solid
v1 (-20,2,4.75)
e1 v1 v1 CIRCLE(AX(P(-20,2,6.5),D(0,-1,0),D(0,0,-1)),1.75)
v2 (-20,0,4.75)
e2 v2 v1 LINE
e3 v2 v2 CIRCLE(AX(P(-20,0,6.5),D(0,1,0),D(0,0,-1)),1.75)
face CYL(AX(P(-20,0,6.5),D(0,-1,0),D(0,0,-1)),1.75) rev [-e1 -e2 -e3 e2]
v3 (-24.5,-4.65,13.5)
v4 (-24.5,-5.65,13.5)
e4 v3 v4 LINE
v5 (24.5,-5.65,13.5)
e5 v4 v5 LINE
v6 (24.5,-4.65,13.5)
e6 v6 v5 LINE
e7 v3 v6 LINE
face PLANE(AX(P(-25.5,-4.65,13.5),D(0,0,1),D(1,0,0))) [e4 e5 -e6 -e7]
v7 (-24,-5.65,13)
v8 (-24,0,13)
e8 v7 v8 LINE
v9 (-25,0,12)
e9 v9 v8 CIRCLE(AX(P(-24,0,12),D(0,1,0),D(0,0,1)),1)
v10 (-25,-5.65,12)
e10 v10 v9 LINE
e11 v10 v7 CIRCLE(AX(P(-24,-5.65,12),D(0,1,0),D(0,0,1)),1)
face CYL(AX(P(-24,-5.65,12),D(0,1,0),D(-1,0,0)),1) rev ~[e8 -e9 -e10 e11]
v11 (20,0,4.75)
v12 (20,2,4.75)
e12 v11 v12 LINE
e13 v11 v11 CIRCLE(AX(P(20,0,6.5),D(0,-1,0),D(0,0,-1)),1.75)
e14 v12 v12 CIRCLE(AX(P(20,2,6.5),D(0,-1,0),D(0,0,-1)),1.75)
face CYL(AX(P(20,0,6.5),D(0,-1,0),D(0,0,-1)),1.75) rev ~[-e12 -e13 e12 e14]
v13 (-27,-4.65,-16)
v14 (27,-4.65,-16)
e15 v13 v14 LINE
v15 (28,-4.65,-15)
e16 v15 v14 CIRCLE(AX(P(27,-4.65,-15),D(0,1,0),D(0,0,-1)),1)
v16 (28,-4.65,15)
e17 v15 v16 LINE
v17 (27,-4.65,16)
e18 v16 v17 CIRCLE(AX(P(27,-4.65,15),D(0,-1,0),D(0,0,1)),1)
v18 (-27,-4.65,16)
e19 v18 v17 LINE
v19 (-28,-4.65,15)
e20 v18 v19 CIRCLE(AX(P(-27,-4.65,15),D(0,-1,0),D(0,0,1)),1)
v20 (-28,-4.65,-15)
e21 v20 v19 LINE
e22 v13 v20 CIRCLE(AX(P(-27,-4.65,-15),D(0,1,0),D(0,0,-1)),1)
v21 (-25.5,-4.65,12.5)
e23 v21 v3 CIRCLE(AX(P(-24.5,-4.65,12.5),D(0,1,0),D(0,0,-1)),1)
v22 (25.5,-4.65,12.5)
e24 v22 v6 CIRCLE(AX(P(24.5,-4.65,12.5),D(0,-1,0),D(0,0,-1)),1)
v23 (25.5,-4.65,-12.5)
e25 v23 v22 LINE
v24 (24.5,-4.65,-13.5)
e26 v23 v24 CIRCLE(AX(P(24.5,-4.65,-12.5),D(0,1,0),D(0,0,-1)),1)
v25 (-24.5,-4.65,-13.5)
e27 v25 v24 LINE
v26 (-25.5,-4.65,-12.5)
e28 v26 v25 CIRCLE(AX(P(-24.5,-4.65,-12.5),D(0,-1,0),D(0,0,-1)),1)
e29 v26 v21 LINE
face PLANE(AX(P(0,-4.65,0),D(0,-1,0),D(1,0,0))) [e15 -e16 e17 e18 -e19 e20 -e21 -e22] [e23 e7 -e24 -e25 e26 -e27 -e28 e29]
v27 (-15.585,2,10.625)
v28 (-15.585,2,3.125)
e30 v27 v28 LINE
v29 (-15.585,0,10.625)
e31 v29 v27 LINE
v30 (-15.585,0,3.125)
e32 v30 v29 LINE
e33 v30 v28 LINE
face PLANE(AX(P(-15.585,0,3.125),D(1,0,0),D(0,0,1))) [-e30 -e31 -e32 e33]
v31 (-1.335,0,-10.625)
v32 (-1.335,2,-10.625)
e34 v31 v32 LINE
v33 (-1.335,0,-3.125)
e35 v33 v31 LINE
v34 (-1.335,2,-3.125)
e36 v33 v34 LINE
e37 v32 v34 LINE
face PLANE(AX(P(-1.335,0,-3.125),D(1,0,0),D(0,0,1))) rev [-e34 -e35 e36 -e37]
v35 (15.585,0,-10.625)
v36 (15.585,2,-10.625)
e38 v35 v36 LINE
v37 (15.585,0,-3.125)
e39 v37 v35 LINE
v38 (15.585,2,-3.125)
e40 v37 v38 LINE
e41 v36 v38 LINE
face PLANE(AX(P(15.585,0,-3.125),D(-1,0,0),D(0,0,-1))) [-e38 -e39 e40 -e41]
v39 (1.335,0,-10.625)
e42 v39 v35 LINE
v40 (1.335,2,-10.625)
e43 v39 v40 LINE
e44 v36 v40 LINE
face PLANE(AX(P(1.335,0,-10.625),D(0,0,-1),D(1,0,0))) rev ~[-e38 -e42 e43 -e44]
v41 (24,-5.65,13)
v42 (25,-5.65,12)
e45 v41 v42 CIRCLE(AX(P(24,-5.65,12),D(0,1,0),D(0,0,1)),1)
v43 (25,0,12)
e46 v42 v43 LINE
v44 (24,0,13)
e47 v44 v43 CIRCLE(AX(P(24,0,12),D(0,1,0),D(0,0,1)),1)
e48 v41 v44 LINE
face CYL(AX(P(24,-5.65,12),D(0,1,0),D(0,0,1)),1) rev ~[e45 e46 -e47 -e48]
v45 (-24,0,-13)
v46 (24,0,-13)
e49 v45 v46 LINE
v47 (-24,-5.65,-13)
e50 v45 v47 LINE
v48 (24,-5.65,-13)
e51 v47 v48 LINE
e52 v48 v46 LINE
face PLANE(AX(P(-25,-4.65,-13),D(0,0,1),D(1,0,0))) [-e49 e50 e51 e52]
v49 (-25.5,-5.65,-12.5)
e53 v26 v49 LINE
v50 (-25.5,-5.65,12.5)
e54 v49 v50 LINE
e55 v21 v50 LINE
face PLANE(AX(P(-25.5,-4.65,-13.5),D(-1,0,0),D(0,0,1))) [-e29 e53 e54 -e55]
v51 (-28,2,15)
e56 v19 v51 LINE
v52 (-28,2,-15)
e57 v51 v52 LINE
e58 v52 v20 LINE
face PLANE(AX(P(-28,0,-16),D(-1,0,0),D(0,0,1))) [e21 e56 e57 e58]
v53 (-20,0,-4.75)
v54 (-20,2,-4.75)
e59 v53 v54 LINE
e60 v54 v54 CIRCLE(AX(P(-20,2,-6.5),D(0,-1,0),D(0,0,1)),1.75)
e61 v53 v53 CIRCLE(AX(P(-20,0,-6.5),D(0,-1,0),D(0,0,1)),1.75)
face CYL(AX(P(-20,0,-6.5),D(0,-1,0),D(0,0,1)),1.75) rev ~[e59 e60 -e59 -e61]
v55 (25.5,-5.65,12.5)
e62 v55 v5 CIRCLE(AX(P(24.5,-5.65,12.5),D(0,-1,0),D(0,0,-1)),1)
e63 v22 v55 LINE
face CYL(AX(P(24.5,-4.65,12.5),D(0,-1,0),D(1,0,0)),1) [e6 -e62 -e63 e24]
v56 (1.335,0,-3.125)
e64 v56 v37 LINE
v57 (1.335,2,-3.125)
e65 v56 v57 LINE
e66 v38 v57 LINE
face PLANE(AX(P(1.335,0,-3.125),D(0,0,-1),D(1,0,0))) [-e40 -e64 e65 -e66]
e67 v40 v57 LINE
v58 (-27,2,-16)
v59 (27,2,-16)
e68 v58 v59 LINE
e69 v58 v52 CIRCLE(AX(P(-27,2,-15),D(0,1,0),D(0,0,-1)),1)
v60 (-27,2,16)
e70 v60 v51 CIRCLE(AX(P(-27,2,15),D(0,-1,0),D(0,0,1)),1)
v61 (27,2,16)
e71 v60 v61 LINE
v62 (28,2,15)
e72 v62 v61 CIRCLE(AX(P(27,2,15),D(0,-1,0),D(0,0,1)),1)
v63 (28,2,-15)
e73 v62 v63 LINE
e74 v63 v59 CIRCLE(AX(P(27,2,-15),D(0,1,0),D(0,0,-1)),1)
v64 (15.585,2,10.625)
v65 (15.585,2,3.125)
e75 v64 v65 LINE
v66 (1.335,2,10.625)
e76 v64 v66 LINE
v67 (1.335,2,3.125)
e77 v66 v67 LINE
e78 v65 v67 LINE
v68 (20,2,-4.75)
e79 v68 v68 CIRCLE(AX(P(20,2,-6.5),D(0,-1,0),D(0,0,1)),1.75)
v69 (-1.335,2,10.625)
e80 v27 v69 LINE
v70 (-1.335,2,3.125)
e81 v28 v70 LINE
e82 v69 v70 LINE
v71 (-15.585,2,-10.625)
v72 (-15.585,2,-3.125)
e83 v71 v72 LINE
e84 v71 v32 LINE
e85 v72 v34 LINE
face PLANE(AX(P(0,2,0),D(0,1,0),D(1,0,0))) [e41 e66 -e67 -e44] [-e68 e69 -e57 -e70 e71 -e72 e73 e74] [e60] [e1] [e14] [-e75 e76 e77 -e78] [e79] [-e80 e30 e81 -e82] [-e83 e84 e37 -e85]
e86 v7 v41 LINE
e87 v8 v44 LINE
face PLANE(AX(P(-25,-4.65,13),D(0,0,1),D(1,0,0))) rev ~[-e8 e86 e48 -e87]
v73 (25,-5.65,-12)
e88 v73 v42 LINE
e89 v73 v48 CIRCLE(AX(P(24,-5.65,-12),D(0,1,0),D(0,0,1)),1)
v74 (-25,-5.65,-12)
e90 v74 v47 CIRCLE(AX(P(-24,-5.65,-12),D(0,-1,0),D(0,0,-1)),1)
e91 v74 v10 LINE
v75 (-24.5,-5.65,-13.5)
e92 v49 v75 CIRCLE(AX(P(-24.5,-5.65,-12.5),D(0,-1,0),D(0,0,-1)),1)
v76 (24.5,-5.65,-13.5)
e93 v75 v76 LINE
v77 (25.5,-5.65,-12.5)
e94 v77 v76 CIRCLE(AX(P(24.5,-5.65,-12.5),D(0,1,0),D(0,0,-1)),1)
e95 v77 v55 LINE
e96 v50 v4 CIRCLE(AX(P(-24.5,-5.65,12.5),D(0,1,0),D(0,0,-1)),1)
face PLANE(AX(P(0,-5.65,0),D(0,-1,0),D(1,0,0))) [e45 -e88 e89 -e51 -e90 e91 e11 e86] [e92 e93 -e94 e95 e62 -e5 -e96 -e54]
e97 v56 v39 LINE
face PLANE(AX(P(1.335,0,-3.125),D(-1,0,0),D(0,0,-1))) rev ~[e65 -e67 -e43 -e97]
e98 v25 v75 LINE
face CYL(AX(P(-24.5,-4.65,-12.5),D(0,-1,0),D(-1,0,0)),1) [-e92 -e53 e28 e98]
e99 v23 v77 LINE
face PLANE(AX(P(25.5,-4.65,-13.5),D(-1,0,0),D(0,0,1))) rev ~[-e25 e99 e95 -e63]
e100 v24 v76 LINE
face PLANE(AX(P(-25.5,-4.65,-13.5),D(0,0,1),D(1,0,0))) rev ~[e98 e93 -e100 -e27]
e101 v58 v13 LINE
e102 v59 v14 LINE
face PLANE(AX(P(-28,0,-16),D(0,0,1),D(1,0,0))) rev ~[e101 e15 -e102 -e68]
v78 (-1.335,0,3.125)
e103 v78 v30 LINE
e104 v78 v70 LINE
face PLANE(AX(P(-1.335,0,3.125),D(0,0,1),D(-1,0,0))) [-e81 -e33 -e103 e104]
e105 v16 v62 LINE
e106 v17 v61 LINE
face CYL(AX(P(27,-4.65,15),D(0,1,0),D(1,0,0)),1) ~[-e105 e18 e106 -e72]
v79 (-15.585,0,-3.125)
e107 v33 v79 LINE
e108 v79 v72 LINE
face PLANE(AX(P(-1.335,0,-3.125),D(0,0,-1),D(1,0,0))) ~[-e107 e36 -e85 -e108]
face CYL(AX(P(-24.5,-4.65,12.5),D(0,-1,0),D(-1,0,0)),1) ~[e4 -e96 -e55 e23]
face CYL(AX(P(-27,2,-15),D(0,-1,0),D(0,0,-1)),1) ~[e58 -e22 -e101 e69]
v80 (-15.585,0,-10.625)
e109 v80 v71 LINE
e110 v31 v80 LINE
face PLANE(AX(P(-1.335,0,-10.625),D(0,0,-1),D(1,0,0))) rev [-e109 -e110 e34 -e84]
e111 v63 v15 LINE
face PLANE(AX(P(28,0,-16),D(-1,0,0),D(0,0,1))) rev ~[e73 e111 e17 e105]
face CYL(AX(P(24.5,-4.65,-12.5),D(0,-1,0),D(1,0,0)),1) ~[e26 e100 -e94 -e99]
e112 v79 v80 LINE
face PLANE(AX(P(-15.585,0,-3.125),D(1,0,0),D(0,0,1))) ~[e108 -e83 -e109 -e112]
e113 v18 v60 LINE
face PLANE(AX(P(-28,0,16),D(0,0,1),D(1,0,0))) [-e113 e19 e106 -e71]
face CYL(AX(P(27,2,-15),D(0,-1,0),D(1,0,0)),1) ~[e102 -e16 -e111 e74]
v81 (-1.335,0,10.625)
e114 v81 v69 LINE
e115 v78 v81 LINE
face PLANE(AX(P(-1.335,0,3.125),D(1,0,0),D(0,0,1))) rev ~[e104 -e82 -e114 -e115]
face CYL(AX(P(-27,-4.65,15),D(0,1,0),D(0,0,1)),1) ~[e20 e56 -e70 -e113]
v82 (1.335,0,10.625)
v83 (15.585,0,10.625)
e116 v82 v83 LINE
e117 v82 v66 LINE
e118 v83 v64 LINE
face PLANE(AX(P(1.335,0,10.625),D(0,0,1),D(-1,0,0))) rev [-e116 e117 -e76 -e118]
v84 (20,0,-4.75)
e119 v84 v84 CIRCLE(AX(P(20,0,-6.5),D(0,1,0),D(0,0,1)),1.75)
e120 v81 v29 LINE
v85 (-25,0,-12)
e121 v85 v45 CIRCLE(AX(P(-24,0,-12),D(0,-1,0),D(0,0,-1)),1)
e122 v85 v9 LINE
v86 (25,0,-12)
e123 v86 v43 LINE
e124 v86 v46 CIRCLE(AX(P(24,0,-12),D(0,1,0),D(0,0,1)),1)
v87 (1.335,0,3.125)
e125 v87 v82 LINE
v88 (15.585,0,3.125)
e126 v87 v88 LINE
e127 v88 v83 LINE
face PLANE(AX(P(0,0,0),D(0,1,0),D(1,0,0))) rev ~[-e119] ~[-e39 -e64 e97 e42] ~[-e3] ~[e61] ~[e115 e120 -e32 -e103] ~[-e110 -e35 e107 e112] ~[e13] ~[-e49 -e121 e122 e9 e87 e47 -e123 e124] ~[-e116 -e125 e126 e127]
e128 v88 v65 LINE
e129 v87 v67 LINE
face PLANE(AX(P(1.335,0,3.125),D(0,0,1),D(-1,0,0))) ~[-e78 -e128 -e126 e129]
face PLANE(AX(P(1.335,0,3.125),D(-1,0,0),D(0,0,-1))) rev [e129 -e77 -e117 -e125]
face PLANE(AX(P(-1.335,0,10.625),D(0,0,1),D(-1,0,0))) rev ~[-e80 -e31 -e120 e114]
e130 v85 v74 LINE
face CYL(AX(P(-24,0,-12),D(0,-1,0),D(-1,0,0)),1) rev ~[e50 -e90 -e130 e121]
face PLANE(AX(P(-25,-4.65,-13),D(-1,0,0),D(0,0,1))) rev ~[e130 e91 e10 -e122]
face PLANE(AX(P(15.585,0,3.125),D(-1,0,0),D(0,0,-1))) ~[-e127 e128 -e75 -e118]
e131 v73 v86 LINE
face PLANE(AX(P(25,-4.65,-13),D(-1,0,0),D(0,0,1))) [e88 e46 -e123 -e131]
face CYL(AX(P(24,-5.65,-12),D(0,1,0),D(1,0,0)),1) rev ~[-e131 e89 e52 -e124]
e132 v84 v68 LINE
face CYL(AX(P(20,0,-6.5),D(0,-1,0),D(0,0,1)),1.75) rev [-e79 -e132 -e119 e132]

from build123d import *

# Parameters (mm, degrees)
SKETCH1_W               = 56
SKETCH1_H               = 32
BOSS_EXTRUDE1_DEPTH     = 2
SKETCH2_R               = 1.75
CUT_EXTRUDE1_DEPTH      = 33.310988843
MIRROR2_COPY_1_SKETCH_R = 1.75
MIRROR2_COPY_1_DEPTH    = 33.310988843
SKETCH4_W               = 14.25
SKETCH4_H               = 7.5
CUT_EXTRUDE2_DEPTH      = 33.310988843
MIRROR4_COPY_1_SKETCH_W = 14.25
MIRROR4_COPY_1_SKETCH_H = 7.5
MIRROR4_COPY_1_DEPTH    = 33.310988843
SKETCH5_W               = 56
SKETCH5_H               = 32
SKETCH5_W_2             = 50
SKETCH5_H_2             = 26
BOSS_EXTRUDE2_DEPTH     = 4.65
SKETCH6_W               = 51
SKETCH6_H               = 27
SKETCH6_W_2             = 50
SKETCH6_H_2             = 26
BOSS_EXTRUDE3_DEPTH     = 1
FILLET1_R               = 1


with BuildPart() as part:
    # Sketch1 → Boss-Extrude1 (new body)
    with BuildSketch(Plane(origin=(0, 0, 0), x_dir=(1, 0, 0), z_dir=(0, 1, 0))):
        Rectangle(SKETCH1_W, SKETCH1_H)
    extrude(amount=BOSS_EXTRUDE1_DEPTH)

    # Sketch2 → Cut-Extrude1 (cut, through all)
    with BuildSketch(Plane(origin=(0, 0, 0), x_dir=(1, 0, 0), z_dir=(0, 1, 0))):
        with Locations(Location((20, 6.5, 0), (0, 0, 270))):
            Circle(SKETCH2_R)
    cut_extrude1 = extrude(amount=CUT_EXTRUDE1_DEPTH, mode=Mode.SUBTRACT)

    # Mirror1: Cut-Extrude1 across plane
    add(cut_extrude1.mirror(Plane.XY), mode=Mode.SUBTRACT)

    # Mirror2: Cut-Extrude1 across plane
    add(cut_extrude1.mirror(Plane(origin=(0, 0, 0), x_dir=(0, 0, 1), z_dir=(1, 0, 0))), mode=Mode.SUBTRACT)

    # Mirror2 copy 1 sketch → Mirror2 copy 1 (cut, through all)
    with BuildSketch(Plane(origin=(0, 0, 0), x_dir=(-1, 0, 0), z_dir=(0, 1, 0))):
        with Locations(Location((20, 6.5, 0), (0, 0, 270))):
            Circle(MIRROR2_COPY_1_SKETCH_R)
    extrude(amount=MIRROR2_COPY_1_DEPTH, mode=Mode.SUBTRACT)

    # Sketch4 → Cut-Extrude2 (cut, through all)
    with BuildSketch(Plane(origin=(0, 0, 0), x_dir=(1, 0, 0), z_dir=(0, 1, 0))):
        with Locations((8.46, 6.875)):
            Rectangle(SKETCH4_W, SKETCH4_H)
    cut_extrude2 = extrude(amount=CUT_EXTRUDE2_DEPTH, mode=Mode.SUBTRACT)

    # Mirror3: Cut-Extrude2 across plane
    add(cut_extrude2.mirror(Plane(origin=(0, 0, 0), x_dir=(0, 0, 1), z_dir=(1, 0, 0))), mode=Mode.SUBTRACT)

    # Mirror4: Cut-Extrude2 across plane
    add(cut_extrude2.mirror(Plane.XY), mode=Mode.SUBTRACT)

    # Mirror4 copy 1 sketch → Mirror4 copy 1 (cut, through all)
    with BuildSketch(Plane(origin=(0, 0, 0), x_dir=(-1, 0, 0), z_dir=(0, 1, 0))):
        with Locations((8.46, 6.875)):
            Rectangle(MIRROR4_COPY_1_SKETCH_W, MIRROR4_COPY_1_SKETCH_H)
    extrude(amount=MIRROR4_COPY_1_DEPTH, mode=Mode.SUBTRACT)

    # Sketch5 → Boss-Extrude2 (add)
    with BuildSketch(Plane.XZ):
        Rectangle(SKETCH5_W, SKETCH5_H)
        Rectangle(SKETCH5_W_2, SKETCH5_H_2, mode=Mode.SUBTRACT)
    extrude(amount=BOSS_EXTRUDE2_DEPTH)

    # Sketch6 → Boss-Extrude3 (add)
    with BuildSketch(Plane.XZ.offset(4.65)):
        Rectangle(SKETCH6_W, SKETCH6_H)
        Rectangle(SKETCH6_W_2, SKETCH6_H_2, mode=Mode.SUBTRACT)
    extrude(amount=BOSS_EXTRUDE3_DEPTH)

    # Fillet1
    fillet1_edges = [part.edges().sort_by_distance(p)[0] for p in [
        (-25.5, -5.15, -13.5),
        (25.5, -5.15, -13.5),
        (25.5, -5.15, 13.5),
        (-25.5, -5.15, 13.5),
        (28, -1.325, 16),
        (-28, -1.325, 16),
        (-28, -1.325, -16),
        (28, -1.325, -16),
        (25, -2.825, -13),
        (25, -2.825, 13),
        (-25, -2.825, 13),
        (-25, -2.825, -13),
    ]]
    fillet(fillet1_edges, radius=FILLET1_R)


solid = part.part
